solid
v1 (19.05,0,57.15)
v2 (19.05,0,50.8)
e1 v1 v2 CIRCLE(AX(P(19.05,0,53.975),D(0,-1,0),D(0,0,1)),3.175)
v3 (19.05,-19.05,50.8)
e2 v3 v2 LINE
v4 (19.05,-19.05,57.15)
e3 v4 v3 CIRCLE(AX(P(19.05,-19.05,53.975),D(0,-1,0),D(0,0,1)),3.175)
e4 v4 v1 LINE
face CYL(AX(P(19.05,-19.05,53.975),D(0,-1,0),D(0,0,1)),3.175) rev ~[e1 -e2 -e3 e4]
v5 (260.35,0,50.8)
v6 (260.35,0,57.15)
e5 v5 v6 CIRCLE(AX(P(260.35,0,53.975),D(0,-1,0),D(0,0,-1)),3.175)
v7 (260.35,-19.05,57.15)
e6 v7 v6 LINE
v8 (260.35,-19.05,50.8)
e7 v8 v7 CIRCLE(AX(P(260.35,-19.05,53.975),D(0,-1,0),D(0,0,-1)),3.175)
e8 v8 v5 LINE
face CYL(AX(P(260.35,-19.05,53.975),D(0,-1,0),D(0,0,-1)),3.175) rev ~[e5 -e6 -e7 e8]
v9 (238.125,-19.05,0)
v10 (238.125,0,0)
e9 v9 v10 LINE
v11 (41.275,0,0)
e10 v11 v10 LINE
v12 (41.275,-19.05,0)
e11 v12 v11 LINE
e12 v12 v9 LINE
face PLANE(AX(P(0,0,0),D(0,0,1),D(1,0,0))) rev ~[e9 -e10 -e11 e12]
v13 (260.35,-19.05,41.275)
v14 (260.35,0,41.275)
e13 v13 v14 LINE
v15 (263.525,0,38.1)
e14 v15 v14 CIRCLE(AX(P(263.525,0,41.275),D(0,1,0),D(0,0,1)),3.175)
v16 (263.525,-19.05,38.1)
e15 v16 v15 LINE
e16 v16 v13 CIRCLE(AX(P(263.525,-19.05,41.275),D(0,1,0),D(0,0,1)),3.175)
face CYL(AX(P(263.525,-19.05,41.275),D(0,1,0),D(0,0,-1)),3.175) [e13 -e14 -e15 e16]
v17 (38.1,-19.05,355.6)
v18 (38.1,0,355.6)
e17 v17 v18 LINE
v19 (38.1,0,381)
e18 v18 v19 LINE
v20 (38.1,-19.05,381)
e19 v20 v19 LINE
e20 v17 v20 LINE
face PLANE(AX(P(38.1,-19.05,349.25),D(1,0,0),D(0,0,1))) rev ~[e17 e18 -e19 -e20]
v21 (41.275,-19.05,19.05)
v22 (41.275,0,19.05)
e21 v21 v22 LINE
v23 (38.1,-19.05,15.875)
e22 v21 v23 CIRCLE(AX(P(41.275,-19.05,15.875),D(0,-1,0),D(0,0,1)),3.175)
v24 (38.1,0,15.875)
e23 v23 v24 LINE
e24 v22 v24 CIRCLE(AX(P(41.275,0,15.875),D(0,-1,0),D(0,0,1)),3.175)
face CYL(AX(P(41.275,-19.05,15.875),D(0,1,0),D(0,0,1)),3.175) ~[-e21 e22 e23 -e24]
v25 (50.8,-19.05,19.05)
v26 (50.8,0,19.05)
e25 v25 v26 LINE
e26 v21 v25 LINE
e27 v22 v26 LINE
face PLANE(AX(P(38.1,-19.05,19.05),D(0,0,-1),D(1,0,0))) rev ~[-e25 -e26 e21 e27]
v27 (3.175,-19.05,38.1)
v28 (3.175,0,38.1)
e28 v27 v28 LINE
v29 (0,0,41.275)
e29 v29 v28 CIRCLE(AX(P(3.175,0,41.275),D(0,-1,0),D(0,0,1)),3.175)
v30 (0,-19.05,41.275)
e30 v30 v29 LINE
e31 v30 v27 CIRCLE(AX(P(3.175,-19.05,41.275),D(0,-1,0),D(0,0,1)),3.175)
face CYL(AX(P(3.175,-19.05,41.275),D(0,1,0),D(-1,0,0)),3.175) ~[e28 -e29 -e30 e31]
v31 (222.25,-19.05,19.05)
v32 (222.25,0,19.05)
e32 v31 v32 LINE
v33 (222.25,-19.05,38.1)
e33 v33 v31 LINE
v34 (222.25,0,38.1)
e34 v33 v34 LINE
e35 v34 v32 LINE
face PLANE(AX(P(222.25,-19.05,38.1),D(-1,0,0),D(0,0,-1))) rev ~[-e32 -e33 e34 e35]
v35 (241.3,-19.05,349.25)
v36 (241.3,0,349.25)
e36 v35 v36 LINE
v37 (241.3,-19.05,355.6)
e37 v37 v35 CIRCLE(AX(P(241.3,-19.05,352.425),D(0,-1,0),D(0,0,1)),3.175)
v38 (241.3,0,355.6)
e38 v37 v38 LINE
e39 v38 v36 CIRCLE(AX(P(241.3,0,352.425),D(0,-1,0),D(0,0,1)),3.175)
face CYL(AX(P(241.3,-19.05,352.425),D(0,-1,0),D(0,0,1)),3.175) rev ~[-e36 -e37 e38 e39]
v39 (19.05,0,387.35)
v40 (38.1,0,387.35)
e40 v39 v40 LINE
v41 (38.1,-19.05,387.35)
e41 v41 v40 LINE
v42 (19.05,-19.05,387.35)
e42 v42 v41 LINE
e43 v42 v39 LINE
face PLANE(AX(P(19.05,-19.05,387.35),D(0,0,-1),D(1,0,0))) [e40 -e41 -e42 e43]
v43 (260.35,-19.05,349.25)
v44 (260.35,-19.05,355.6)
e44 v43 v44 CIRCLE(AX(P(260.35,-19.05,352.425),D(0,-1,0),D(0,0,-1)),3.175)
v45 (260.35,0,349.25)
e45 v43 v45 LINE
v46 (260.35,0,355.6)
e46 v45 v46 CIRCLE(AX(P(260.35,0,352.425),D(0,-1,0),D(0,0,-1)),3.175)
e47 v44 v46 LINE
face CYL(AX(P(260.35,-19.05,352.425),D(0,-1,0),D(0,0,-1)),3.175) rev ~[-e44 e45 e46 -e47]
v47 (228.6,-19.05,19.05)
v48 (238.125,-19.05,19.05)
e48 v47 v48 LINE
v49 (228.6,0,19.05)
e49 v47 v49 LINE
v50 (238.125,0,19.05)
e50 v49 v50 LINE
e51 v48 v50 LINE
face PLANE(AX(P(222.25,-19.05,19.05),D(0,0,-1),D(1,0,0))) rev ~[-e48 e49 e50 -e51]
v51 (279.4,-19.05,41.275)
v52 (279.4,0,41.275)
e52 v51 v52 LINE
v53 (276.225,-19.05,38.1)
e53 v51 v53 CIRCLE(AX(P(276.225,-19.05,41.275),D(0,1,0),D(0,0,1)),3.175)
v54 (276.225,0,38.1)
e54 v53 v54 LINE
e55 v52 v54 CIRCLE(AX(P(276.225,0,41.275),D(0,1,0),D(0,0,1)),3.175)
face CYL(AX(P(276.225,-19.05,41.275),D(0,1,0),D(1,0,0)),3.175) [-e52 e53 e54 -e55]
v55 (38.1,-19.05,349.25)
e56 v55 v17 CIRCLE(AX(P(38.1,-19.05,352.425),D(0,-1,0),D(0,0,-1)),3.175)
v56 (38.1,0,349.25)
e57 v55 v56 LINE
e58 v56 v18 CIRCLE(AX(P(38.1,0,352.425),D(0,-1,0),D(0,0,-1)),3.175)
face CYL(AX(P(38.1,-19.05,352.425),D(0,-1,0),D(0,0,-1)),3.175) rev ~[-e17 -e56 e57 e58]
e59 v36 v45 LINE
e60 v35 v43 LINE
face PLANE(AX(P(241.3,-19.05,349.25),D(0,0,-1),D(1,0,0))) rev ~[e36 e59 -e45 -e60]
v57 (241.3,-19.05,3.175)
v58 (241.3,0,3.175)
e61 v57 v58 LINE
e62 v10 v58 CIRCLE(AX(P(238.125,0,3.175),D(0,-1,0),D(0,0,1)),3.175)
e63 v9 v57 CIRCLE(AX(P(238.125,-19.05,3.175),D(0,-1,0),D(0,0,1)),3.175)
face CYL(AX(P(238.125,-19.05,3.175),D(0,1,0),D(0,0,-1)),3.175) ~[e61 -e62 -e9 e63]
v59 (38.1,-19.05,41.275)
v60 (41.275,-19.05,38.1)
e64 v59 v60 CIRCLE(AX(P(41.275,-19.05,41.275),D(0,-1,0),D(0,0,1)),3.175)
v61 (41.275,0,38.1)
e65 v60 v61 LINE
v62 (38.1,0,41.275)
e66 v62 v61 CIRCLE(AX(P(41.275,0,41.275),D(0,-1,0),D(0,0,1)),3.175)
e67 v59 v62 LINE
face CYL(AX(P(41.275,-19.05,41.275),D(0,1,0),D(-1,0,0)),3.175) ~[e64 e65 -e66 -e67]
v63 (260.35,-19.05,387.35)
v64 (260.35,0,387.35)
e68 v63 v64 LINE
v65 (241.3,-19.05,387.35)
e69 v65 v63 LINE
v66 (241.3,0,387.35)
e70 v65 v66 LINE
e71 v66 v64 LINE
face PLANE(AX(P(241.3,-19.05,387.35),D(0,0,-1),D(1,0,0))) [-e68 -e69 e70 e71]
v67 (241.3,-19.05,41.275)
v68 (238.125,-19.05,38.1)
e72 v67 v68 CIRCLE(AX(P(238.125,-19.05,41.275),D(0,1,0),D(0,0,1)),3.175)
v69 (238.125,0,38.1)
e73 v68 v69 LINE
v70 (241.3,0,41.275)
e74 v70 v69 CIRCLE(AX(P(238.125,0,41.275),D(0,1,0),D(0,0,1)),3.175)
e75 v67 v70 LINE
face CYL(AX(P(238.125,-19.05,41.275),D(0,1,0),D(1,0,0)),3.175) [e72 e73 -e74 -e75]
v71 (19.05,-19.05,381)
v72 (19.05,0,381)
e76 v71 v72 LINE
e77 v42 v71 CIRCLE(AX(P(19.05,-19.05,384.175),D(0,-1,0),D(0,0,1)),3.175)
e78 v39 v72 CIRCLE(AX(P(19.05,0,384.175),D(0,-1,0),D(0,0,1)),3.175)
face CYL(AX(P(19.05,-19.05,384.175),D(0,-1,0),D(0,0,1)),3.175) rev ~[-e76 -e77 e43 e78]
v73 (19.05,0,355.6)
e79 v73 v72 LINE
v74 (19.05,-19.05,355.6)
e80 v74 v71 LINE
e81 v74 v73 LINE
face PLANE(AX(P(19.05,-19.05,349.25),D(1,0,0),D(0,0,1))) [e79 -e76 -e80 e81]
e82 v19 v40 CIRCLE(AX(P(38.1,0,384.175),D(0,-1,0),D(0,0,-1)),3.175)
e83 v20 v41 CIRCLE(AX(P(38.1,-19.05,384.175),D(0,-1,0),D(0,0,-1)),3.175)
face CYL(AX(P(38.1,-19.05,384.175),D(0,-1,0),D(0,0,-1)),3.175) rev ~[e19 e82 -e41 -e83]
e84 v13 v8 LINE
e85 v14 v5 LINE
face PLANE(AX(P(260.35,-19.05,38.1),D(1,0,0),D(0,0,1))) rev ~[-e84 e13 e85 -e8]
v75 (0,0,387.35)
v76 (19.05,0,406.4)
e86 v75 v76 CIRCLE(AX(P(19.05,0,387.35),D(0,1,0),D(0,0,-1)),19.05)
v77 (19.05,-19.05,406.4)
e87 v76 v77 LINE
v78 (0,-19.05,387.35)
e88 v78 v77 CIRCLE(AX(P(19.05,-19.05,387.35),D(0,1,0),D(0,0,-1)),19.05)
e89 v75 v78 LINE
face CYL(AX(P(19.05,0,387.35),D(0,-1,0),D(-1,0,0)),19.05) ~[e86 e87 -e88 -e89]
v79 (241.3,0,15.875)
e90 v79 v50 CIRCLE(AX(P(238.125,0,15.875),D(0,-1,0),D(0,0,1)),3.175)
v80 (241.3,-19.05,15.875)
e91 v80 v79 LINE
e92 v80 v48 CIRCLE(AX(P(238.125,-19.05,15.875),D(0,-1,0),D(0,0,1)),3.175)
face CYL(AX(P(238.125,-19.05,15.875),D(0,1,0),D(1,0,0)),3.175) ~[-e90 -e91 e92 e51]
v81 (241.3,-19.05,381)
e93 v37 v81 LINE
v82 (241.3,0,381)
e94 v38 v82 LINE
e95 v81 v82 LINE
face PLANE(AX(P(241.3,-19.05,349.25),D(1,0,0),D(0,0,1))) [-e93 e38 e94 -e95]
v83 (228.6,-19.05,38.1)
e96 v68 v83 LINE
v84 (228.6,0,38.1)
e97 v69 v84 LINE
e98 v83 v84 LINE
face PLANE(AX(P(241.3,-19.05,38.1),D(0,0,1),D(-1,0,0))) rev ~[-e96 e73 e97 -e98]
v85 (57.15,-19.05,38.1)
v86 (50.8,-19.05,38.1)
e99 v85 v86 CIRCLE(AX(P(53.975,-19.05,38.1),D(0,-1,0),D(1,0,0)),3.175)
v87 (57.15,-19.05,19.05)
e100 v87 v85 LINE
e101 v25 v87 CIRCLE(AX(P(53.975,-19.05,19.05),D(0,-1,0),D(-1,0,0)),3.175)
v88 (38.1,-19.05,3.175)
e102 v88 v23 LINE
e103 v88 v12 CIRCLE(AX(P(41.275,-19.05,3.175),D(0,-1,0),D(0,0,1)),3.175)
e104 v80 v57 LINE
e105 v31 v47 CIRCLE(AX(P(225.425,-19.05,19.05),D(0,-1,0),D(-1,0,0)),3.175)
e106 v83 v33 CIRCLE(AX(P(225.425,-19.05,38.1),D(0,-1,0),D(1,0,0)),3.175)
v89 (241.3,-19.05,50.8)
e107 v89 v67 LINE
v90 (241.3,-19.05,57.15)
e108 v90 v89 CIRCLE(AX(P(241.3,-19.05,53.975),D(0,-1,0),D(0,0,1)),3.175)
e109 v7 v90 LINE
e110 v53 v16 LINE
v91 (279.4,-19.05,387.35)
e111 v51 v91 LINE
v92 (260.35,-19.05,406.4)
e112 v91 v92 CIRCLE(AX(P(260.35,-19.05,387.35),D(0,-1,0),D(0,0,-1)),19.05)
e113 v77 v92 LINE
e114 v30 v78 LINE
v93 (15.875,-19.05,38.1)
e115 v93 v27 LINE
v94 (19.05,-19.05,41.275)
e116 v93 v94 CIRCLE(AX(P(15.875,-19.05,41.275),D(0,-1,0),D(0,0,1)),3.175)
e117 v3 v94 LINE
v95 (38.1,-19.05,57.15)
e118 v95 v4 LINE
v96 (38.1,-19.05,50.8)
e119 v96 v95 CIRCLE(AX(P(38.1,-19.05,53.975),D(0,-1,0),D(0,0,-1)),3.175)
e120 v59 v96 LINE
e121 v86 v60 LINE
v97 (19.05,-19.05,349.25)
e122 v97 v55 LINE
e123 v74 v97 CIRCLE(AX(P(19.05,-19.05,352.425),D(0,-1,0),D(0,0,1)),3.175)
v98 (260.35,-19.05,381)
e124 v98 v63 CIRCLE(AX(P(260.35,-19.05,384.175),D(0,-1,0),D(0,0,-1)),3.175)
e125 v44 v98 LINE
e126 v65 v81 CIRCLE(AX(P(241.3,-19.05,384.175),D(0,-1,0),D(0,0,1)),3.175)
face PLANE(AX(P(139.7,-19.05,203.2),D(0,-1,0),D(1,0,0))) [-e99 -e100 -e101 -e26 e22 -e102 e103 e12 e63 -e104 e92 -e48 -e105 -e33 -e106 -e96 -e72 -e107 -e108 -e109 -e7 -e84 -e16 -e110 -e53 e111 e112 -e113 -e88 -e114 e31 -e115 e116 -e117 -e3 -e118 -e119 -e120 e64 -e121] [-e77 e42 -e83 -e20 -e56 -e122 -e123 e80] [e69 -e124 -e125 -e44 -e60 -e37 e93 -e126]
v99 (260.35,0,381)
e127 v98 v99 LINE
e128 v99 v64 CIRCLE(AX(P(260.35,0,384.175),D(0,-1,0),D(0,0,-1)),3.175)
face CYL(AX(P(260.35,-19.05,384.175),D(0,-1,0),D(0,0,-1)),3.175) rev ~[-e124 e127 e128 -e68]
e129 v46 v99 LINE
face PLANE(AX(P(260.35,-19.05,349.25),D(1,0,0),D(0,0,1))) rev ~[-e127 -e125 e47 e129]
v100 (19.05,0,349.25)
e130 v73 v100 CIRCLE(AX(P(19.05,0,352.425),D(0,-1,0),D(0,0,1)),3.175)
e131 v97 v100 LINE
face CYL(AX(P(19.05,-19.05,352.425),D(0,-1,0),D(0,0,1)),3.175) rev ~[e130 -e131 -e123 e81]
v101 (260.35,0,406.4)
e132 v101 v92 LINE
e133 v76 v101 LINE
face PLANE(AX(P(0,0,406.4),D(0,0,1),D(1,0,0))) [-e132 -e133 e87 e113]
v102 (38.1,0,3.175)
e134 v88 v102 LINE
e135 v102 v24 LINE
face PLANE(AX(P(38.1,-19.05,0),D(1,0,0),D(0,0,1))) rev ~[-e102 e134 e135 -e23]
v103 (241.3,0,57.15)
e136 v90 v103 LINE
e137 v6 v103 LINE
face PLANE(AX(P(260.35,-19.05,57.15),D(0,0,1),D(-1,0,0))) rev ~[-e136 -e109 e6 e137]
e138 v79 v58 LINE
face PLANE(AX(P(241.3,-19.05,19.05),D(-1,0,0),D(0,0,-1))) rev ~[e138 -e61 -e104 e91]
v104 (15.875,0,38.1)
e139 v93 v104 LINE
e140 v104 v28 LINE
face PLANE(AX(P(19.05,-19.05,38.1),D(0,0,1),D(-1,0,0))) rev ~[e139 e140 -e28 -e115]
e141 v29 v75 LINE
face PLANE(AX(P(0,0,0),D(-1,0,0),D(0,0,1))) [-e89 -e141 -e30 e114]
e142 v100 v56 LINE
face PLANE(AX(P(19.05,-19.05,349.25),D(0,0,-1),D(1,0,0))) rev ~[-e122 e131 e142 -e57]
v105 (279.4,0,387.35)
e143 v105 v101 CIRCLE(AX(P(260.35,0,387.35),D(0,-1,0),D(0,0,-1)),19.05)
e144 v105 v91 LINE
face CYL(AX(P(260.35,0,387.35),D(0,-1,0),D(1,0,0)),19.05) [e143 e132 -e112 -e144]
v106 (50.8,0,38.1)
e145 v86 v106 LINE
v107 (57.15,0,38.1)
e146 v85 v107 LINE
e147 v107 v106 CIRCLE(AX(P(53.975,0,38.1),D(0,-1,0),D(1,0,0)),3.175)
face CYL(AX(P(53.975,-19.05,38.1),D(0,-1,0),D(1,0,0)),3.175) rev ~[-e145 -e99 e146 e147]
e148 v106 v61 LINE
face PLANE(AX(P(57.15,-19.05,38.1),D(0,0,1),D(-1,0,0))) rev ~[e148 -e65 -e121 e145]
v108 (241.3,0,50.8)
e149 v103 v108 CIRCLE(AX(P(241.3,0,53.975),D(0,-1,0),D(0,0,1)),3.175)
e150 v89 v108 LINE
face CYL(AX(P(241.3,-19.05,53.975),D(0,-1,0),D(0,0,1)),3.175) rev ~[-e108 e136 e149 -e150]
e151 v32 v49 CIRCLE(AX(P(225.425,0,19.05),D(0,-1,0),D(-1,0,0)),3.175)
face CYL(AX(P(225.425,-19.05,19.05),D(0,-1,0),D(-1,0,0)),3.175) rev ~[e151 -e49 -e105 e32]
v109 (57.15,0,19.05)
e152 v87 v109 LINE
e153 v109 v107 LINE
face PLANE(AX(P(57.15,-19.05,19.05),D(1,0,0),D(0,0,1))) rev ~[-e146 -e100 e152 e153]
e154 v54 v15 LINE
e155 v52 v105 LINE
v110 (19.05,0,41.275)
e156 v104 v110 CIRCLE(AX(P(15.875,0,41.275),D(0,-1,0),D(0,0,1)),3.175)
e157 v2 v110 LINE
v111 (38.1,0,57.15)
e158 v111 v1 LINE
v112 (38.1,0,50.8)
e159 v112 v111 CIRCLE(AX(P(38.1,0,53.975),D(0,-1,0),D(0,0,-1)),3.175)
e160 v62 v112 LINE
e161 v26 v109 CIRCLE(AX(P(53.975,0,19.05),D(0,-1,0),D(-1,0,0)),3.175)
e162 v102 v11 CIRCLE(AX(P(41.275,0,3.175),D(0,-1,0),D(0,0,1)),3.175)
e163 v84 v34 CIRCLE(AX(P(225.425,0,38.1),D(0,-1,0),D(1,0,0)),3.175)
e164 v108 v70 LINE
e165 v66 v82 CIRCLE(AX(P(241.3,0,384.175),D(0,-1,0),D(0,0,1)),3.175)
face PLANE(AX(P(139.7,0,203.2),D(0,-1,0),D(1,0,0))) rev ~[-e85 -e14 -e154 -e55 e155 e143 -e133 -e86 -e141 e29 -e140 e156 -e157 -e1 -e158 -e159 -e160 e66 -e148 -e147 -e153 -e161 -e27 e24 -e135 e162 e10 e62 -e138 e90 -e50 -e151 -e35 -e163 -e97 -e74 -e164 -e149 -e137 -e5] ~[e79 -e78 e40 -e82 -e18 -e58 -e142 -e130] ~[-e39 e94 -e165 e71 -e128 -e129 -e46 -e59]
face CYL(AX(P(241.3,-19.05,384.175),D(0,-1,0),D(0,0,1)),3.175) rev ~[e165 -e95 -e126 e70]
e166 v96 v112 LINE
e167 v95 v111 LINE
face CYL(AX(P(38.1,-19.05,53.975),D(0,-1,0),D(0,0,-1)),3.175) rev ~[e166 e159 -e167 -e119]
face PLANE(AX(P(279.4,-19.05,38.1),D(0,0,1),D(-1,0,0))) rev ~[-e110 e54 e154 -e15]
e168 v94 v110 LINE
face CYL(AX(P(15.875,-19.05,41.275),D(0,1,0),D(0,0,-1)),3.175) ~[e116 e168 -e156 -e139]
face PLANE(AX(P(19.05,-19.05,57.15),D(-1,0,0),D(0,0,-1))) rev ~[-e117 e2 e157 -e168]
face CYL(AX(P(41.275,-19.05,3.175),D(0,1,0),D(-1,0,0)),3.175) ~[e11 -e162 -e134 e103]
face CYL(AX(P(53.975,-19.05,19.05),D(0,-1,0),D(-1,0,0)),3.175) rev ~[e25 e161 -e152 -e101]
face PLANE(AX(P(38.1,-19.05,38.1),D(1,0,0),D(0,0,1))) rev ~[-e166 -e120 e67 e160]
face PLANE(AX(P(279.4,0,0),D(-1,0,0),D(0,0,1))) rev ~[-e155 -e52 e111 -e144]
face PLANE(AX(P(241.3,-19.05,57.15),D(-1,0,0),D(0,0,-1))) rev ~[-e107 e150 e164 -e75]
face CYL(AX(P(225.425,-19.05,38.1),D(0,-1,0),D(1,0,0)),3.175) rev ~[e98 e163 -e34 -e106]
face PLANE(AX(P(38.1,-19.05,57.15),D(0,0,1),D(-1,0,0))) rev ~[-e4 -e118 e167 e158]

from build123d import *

# Parameters (mm, degrees)
F0_W      = 279.4
F0_H      = 406.4
F1_DEPTH  = 19.05
F2_R      = 19.05
F4_DEPTH  = 19.05
F6_DEPTH  = 19.05
F7_W      = 19.05
F7_H      = 38.1
F8_DEPTH  = 19.05
F10_DEPTH = 19.05
F11_R     = 3.175


with BuildPart() as f1:
    # F0 (on Front) → F1 (new body)
    with BuildSketch(Plane.XZ):
        with Locations((139.7, 203.2)):
            Rectangle(F0_W, F0_H)
    extrude(amount=F1_DEPTH)

    # F2
    f2_edges = [f1.edges().sort_by_distance(p)[0] for p in [
        (0, -9.525, 406.4),
        (279.4, -9.525, 406.4),
    ]]
    fillet(f2_edges, radius=F2_R)

    # F3 (on face) → F4 (cut)
    with BuildSketch(Plane.XZ.offset(19.05)):
        Polygon((0, 0), (38.1, 0), (38.1, 19.05), (57.15, 19.05), (57.15, 38.1), (38.1, 38.1), (38.1, 57.15), (19.05, 57.15), (19.05, 38.1), (0, 38.1), align=None)
        Polygon((241.3, 19.05), (241.3, 0), (279.4, 0), (279.4, 38.1), (260.35, 38.1), (260.35, 57.15), (241.3, 57.15), (241.3, 38.1), (222.25, 38.1), (222.25, 19.05), align=None)
    extrude(amount=-F4_DEPTH, mode=Mode.SUBTRACT)

    # F5 (on face) → F6 (cut)
    with BuildSketch(Plane.XZ.offset(19.05)):
        with BuildLine():
            Line((19.05, 50.8), (19.05, 57.15))
            ThreePointArc((19.05, 57.15), (15.875, 53.975), (19.05, 50.8))
        make_face()
        with BuildLine():
            ThreePointArc((38.1, 50.8), (41.275, 53.975), (38.1, 57.15))
            Line((38.1, 57.15), (38.1, 50.8))
        make_face()
        with BuildLine():
            Line((50.8, 38.1), (57.15, 38.1))
            ThreePointArc((57.15, 38.1), (53.975, 41.275), (50.8, 38.1))
        make_face()
        with BuildLine():
            ThreePointArc((50.8, 19.05), (53.975, 15.875), (57.15, 19.05))
            Line((57.15, 19.05), (50.8, 19.05))
        make_face()
        with BuildLine():
            Line((228.6, 19.05), (222.25, 19.05))
            ThreePointArc((222.25, 19.05), (225.425, 15.875), (228.6, 19.05))
        make_face()
        with BuildLine():
            ThreePointArc((228.6, 38.1), (225.425, 41.275), (222.25, 38.1))
            Line((222.25, 38.1), (228.6, 38.1))
        make_face()
        with BuildLine():
            Line((241.3, 50.8), (241.3, 57.15))
            ThreePointArc((241.3, 57.15), (238.125, 53.975), (241.3, 50.8))
        make_face()
        with BuildLine():
            ThreePointArc((260.35, 50.8), (263.525, 53.975), (260.35, 57.15))
            Line((260.35, 57.15), (260.35, 50.8))
        make_face()
    extrude(amount=-F6_DEPTH, mode=Mode.SUBTRACT)

    # F7 (on face) → F8 (cut)
    with BuildSketch(Plane.XZ.offset(19.05)):
        with Locations((28.575, 368.3)):
            Rectangle(F7_W, F7_H)
        with Locations((250.825, 368.3)):
            Rectangle(F7_W, F7_H)
    extrude(amount=-F8_DEPTH, mode=Mode.SUBTRACT)

    # F9 (on face) → F10 (cut)
    with BuildSketch(Plane.XZ.offset(19.05)):
        with BuildLine():
            Line((19.05, 381), (19.05, 387.35))
            ThreePointArc((19.05, 387.35), (15.875, 384.175), (19.05, 381))
        make_face()
        with BuildLine():
            ThreePointArc((19.05, 355.6), (15.875, 352.425), (19.05, 349.25))
            Line((19.05, 349.25), (19.05, 355.6))
        make_face()
        with BuildLine():
            Line((38.1, 355.6), (38.1, 349.25))
            ThreePointArc((38.1, 349.25), (41.275, 352.425), (38.1, 355.6))
        make_face()
        with BuildLine():
            ThreePointArc((38.1, 381), (41.275, 384.175), (38.1, 387.35))
            Line((38.1, 387.35), (38.1, 381))
        make_face()
        with BuildLine():
            Line((241.3, 381), (241.3, 387.35))
            ThreePointArc((241.3, 387.35), (238.125, 384.175), (241.3, 381))
        make_face()
        with BuildLine():
            ThreePointArc((260.35, 381), (263.525, 384.175), (260.35, 387.35))
            Line((260.35, 387.35), (260.35, 381))
        make_face()
        with BuildLine():
            ThreePointArc((241.3, 355.6), (238.125, 352.425), (241.3, 349.25))
            Line((241.3, 349.25), (241.3, 355.6))
        make_face()
        with BuildLine():
            Line((260.35, 355.6), (260.35, 349.25))
            ThreePointArc((260.35, 349.25), (263.525, 352.425), (260.35, 355.6))
        make_face()
    extrude(amount=-F10_DEPTH, mode=Mode.SUBTRACT)

    # F11
    f11_edges = [f1.edges().sort_by_distance(p)[0] for p in [
        (0, -9.525, 38.1),
        (19.05, -9.525, 38.1),
        (38.1, -9.525, 38.1),
        (38.1, -9.525, 0),
        (241.3, -9.525, 0),
        (241.3, -9.525, 19.05),
        (241.3, -9.525, 38.1),
        (260.35, -9.525, 38.1),
        (279.4, -9.525, 38.1),
        (38.1, -9.525, 19.05),
    ]]
    fillet(f11_edges, radius=F11_R)


solid = f1.part
